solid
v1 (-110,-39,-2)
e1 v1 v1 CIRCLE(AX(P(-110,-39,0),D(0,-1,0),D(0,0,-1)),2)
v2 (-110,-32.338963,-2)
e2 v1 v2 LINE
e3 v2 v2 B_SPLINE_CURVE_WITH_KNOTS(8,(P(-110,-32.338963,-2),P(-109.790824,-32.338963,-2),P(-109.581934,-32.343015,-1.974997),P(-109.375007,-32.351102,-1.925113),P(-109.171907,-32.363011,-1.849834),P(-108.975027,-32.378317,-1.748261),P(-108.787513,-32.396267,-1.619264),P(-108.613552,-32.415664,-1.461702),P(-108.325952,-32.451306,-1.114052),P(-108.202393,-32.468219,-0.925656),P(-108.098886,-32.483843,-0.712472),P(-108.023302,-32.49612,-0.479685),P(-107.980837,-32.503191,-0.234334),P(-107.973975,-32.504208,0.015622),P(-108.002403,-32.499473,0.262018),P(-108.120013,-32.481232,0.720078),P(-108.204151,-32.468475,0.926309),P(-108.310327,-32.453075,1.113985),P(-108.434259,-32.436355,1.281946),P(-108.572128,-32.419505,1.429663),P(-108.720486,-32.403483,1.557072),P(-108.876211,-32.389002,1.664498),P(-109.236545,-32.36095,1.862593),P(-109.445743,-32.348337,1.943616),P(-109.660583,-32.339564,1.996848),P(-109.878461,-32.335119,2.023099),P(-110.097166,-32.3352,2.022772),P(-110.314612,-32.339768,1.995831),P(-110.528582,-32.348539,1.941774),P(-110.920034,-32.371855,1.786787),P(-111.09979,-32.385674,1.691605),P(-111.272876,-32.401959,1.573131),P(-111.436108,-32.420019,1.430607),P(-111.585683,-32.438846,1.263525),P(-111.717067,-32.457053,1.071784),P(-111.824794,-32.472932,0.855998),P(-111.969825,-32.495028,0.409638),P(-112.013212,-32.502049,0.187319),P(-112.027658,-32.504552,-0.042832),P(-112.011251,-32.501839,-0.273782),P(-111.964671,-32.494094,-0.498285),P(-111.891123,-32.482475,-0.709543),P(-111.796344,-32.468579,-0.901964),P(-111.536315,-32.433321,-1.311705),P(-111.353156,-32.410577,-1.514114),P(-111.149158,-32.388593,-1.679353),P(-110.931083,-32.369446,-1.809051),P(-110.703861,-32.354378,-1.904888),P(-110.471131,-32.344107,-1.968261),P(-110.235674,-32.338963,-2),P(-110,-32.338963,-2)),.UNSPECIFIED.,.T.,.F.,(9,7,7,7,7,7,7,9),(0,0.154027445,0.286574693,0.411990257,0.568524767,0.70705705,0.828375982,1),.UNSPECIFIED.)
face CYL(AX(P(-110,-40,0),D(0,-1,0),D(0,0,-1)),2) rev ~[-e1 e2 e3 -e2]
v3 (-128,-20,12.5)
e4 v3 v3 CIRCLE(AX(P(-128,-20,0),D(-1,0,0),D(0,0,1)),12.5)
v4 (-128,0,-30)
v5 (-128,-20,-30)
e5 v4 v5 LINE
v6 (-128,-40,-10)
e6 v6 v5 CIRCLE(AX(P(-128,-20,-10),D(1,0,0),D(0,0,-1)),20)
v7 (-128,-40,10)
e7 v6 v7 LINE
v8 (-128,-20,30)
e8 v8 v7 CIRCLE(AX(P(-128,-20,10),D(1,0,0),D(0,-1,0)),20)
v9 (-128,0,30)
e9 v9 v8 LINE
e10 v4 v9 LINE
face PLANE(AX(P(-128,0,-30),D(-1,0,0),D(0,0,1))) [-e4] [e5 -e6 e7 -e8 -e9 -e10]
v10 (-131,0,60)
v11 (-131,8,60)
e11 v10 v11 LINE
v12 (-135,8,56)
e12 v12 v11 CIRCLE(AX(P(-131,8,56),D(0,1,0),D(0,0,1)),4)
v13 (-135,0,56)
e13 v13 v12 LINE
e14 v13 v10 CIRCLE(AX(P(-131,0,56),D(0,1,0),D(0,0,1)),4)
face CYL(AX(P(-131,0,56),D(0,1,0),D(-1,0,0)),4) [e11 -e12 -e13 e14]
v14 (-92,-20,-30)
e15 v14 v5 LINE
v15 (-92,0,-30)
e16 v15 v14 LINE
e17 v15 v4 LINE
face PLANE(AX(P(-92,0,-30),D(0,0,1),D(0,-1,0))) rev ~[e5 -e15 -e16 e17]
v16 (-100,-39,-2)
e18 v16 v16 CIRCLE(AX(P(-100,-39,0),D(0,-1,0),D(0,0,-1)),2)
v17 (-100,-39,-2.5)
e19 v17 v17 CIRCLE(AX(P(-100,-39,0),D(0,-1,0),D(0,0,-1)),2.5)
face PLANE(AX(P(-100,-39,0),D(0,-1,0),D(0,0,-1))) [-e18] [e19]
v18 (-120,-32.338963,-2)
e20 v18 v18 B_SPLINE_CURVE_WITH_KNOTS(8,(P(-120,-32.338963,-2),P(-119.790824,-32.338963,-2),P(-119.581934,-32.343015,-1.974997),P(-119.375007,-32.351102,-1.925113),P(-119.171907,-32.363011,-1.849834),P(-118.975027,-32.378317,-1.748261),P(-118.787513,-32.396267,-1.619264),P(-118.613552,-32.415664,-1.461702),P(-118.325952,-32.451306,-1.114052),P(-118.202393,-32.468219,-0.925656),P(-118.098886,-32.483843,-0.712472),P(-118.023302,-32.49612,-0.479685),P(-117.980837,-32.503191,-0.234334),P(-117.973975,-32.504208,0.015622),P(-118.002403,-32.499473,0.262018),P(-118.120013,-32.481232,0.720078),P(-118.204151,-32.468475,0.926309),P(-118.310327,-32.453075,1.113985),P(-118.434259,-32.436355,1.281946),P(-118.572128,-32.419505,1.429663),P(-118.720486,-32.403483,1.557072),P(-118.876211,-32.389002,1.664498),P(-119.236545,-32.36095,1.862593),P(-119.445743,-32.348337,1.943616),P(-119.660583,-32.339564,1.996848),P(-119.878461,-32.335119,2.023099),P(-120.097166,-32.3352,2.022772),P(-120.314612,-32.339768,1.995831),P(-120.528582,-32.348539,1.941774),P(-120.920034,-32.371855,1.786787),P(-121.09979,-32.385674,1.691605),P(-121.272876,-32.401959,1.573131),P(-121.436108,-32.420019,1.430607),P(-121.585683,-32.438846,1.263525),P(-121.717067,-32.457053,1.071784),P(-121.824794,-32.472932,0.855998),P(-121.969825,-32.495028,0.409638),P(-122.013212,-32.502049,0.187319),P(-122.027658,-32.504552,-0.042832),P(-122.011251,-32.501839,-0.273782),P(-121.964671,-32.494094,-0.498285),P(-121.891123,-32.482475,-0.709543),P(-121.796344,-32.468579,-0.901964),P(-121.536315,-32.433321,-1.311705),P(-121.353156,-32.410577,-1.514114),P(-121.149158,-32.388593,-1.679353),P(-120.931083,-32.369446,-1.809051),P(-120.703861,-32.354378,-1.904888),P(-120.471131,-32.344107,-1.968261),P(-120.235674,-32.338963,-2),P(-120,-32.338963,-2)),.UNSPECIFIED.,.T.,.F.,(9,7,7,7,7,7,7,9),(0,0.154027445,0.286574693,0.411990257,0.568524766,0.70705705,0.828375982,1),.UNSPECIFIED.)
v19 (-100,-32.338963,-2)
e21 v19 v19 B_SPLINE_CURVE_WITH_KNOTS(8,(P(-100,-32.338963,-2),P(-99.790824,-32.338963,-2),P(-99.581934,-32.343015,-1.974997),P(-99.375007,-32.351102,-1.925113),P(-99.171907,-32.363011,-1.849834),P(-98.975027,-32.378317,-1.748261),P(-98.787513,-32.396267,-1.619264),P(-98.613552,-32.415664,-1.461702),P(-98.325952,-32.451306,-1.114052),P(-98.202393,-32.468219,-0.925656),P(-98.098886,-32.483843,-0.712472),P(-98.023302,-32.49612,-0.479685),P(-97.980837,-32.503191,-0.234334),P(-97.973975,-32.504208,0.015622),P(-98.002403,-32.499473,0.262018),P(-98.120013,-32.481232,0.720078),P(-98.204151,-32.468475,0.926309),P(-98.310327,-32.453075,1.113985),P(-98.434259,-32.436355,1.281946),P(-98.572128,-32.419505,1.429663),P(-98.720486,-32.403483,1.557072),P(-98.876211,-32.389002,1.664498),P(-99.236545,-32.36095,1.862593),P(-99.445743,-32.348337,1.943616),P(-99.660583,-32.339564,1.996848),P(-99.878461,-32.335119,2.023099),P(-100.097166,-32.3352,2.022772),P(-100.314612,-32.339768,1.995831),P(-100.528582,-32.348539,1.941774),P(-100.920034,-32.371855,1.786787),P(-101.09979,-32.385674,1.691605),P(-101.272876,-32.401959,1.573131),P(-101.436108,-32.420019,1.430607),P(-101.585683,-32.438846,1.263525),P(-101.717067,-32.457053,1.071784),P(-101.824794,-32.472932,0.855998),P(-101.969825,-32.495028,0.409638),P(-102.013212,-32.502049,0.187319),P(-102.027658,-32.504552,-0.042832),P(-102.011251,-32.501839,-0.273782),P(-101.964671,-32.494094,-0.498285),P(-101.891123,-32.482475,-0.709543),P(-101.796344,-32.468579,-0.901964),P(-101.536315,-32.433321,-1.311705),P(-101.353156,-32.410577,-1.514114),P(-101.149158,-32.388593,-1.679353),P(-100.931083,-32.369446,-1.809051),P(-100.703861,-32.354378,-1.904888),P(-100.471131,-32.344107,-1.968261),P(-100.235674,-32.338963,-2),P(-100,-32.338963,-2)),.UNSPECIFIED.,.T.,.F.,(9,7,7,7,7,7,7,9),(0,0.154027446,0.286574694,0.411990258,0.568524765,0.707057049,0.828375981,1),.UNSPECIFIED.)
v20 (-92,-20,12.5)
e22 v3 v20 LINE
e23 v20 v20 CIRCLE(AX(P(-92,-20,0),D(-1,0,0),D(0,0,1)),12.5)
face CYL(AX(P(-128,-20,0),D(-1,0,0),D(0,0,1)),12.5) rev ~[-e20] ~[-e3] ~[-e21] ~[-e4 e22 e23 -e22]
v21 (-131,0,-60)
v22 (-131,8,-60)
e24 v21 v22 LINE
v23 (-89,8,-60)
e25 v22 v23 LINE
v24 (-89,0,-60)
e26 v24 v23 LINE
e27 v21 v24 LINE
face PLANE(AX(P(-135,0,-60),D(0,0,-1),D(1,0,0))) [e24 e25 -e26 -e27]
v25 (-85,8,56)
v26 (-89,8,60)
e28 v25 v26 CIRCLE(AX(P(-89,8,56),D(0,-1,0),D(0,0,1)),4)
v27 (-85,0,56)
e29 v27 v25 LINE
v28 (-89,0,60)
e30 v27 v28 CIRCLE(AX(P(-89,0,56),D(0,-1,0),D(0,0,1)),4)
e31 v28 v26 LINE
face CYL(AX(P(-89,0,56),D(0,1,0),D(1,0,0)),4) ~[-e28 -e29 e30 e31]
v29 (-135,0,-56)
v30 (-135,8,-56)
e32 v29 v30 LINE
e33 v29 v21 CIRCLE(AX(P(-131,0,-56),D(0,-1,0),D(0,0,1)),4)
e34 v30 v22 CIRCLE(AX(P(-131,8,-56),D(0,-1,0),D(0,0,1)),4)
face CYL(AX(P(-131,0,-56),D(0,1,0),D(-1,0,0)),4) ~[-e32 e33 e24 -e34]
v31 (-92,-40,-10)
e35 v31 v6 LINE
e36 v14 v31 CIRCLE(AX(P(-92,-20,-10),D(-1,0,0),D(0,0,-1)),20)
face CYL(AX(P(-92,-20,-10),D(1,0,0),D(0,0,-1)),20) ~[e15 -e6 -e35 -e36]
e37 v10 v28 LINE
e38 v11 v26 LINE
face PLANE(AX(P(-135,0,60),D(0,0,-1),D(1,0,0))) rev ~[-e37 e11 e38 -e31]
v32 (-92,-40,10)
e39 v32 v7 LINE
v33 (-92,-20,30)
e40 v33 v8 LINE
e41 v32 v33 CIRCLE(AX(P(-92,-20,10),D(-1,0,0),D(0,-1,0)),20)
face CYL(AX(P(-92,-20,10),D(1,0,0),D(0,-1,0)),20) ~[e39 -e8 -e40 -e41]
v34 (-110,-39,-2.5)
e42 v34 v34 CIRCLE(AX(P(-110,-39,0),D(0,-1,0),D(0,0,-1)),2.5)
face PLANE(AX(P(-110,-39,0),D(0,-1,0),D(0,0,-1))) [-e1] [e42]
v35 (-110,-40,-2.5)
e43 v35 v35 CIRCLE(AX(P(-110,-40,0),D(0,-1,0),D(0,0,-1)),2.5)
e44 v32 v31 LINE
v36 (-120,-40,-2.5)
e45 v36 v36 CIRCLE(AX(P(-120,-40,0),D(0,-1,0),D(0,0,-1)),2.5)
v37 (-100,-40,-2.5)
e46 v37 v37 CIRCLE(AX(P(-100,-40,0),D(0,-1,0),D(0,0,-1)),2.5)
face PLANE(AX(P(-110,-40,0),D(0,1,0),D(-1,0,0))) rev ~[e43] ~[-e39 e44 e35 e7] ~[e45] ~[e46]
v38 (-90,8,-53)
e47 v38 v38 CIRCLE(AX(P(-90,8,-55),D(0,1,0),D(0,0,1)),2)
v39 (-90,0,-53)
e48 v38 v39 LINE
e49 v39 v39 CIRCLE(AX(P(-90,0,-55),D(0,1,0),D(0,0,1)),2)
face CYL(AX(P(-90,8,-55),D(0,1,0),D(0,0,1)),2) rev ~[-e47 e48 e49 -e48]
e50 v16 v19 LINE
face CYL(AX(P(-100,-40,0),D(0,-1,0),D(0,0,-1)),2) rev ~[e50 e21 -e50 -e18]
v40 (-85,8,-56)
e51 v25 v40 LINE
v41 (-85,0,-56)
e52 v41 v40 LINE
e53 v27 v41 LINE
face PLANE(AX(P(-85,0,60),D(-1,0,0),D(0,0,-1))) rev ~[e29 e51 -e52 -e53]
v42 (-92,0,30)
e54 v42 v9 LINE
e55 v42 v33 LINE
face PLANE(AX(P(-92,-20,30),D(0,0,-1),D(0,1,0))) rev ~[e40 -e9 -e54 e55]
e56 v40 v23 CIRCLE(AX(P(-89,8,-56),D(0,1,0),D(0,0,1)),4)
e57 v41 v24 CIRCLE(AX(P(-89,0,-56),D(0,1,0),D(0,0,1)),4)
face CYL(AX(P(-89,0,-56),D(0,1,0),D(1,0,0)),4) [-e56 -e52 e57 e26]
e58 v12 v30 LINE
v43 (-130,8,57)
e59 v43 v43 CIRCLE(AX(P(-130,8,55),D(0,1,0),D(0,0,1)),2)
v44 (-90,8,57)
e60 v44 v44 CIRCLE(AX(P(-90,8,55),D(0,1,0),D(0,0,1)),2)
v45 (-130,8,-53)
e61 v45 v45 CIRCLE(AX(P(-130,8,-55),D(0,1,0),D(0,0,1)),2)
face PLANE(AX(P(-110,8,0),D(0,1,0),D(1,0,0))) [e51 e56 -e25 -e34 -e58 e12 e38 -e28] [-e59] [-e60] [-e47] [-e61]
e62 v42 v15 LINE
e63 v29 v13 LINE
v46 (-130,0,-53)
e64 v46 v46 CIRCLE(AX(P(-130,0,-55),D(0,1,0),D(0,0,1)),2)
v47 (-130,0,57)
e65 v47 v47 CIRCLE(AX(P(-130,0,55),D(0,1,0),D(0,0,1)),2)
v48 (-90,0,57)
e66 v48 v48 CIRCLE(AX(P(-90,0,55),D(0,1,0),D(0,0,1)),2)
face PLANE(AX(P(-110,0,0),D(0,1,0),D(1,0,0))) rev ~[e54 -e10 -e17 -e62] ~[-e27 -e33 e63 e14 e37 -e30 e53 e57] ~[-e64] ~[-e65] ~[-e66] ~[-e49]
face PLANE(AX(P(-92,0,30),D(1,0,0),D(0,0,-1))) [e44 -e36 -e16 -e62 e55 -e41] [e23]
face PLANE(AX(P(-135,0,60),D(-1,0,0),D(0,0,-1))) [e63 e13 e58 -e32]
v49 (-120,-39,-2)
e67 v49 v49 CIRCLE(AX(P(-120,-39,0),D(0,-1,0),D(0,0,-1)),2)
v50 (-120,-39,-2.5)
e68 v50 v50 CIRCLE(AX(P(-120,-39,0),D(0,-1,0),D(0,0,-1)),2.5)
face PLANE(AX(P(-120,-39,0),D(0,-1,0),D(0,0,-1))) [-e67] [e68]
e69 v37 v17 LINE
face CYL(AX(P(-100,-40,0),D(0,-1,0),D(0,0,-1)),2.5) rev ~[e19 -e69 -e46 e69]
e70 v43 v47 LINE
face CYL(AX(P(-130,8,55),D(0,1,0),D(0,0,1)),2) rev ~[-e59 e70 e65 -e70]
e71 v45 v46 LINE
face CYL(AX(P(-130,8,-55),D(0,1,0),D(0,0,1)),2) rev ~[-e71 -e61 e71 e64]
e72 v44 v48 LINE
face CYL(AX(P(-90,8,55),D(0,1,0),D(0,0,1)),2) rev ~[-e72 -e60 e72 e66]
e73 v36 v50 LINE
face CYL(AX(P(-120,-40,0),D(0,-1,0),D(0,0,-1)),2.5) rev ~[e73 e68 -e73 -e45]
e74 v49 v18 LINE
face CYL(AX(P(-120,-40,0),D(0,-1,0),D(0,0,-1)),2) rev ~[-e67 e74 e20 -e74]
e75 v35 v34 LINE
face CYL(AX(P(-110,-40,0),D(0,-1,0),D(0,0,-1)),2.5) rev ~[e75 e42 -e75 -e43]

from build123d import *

# Parameters (mm, degrees)
SKETCH1_W                 = 50
SKETCH1_H                 = 120
BOSS_EXTRUDE1_DEPTH       = 8
SKETCH2_R                 = 2
CUT_EXTRUDE1_DEPTH        = 10
LPATTERN1_COUNT           = 2
LPATTERN1_PITCH           = 40
LPATTERN2_COUNT           = 2
LPATTERN2_PITCH           = 110
LPATTERN2_COPY_1_SKETCH_R = 2
LPATTERN2_COPY_1_DEPTH    = 10
BOSS_EXTRUDE2_DEPTH       = 40
SKETCH6_R                 = 12.5
CUT_EXTRUDE2_DEPTH        = 84.958322994
CUT_EXTRUDE3_DEPTH        = 84.958322994
FILLET1_R                 = 4
SKETCH8_R                 = 2
CUT_EXTRUDE4_DEPTH        = 10
SKETCH9_R                 = 2.5
CUT_EXTRUDE5_DEPTH        = 1
LPATTERN3_COUNT           = 2
LPATTERN3_PITCH           = 10
LPATTERN3_COL_COUNT       = 2
LPATTERN3_COL_PITCH       = 10


with BuildPart() as part:
    # Sketch1 → Boss-Extrude1 (new body)
    with BuildSketch(Plane(origin=(0, 0, 0), x_dir=(1, 0, 0), z_dir=(0, 1, 0))):
        with Locations((-110, 0)):
            Rectangle(SKETCH1_W, SKETCH1_H)
    extrude(amount=BOSS_EXTRUDE1_DEPTH)

    # Sketch2 → Cut-Extrude1 (cut)
    with BuildSketch(Plane(origin=(0, 8, 0), x_dir=(1, 0, 0), z_dir=(0, 1, 0))):
        with Locations(Location((-130, 55, 0), (0, 0, 270))):
            Circle(SKETCH2_R)
    cut_extrude1 = extrude(amount=-CUT_EXTRUDE1_DEPTH, mode=Mode.SUBTRACT)

    # LPattern1: Cut-Extrude1 ×2
    with Locations(*[(i * LPATTERN1_PITCH, 0, 0) for i in range(1, LPATTERN1_COUNT)]):
        add(cut_extrude1, mode=Mode.SUBTRACT)

    # LPattern2: Cut-Extrude1 ×2
    with Locations(*[(0, 0, i * LPATTERN2_PITCH) for i in range(1, LPATTERN2_COUNT)]):
        add(cut_extrude1, mode=Mode.SUBTRACT)

    # LPattern2 copy 1 sketch → LPattern2 copy 1 (cut)
    with BuildSketch(Plane(origin=(40, 8, 110), x_dir=(1, 0, 0), z_dir=(0, 1, 0))):
        with Locations(Location((-130, 55, 0), (0, 0, 270))):
            Circle(LPATTERN2_COPY_1_SKETCH_R)
    extrude(amount=-LPATTERN2_COPY_1_DEPTH, mode=Mode.SUBTRACT)

    # Sketch5 → Boss-Extrude2 (add)
    with BuildSketch(Plane.XZ):
        with BuildLine():
            Line((-92, 30), (-92, -30))
            ThreePointArc((-92, -30), (-110, -48), (-128, -30))
            Line((-128, -30), (-128, 30))
            ThreePointArc((-128, 30), (-110, 48), (-92, 30))
        make_face()
    extrude(amount=BOSS_EXTRUDE2_DEPTH)

    # Sketch6 → Cut-Extrude2 (cut, through all)
    with BuildSketch(Plane.ZY.offset(128)):
        with Locations((0, -20)):
            Circle(SKETCH6_R)
    extrude(amount=-CUT_EXTRUDE2_DEPTH, mode=Mode.SUBTRACT)

    # Sketch7 → Cut-Extrude3 (cut, through all)
    with BuildSketch(Plane(origin=(-92, 0, 0), x_dir=(0, 0, -1), z_dir=(1, 0, 0))):
        Polygon((-30, -20), (-30, 0), (-48, 0), (-48, -40), (-30, -40), align=None)
        with BuildLine():
            ThreePointArc((-10, -40), (-24.142135624, -34.142135624), (-30, -20))
            Line((-30, -20), (-30, -40))
            Line((-30, -40), (-10, -40))
        make_face()
        with BuildLine():
            ThreePointArc((30, -20), (24.142135624, -34.142135624), (10, -40))
            Line((10, -40), (30, -40))
            Line((30, -40), (30, -20))
        make_face()
        Polygon((30, -20), (30, -40), (48, -40), (48, 0), (30, 0), align=None)
    extrude(amount=-CUT_EXTRUDE3_DEPTH, mode=Mode.SUBTRACT)

    # Fillet1
    fillet1_edges = [part.edges().sort_by_distance(p)[0] for p in [
        (-85, 4, 60),
        (-135, 4, 60),
        (-135, 4, -60),
        (-85, 4, -60),
    ]]
    fillet(fillet1_edges, radius=FILLET1_R)

    # Sketch8 → Cut-Extrude4 (cut)
    with BuildSketch(Plane.XZ.offset(40)):
        with Locations(Location((-110, 0, 0), (0, 0, 270))):
            Circle(SKETCH8_R)
    cut_extrude4 = extrude(amount=-CUT_EXTRUDE4_DEPTH, mode=Mode.SUBTRACT)

    # Sketch9 → Cut-Extrude5 (cut)
    with BuildSketch(Plane.XZ.offset(40)):
        with Locations(Location((-110, 0, 0), (0, 0, 270))):
            Circle(SKETCH9_R)
    cut_extrude5 = extrude(amount=-CUT_EXTRUDE5_DEPTH, mode=Mode.SUBTRACT)

    # LPattern3: Cut-Extrude4, Cut-Extrude5 ×2
    with Locations(*[(i * LPATTERN3_PITCH, 0, 0) for i in range(1, LPATTERN3_COUNT)]):
        add(cut_extrude4, mode=Mode.SUBTRACT)
        add(cut_extrude5, mode=Mode.SUBTRACT)

    # LPattern3 col: Cut-Extrude4, Cut-Extrude5 ×2
    with Locations(*[(-i * LPATTERN3_COL_PITCH, 0, 0) for i in range(1, LPATTERN3_COL_COUNT)]):
        add(cut_extrude4, mode=Mode.SUBTRACT)
        add(cut_extrude5, mode=Mode.SUBTRACT)


solid = part.part
